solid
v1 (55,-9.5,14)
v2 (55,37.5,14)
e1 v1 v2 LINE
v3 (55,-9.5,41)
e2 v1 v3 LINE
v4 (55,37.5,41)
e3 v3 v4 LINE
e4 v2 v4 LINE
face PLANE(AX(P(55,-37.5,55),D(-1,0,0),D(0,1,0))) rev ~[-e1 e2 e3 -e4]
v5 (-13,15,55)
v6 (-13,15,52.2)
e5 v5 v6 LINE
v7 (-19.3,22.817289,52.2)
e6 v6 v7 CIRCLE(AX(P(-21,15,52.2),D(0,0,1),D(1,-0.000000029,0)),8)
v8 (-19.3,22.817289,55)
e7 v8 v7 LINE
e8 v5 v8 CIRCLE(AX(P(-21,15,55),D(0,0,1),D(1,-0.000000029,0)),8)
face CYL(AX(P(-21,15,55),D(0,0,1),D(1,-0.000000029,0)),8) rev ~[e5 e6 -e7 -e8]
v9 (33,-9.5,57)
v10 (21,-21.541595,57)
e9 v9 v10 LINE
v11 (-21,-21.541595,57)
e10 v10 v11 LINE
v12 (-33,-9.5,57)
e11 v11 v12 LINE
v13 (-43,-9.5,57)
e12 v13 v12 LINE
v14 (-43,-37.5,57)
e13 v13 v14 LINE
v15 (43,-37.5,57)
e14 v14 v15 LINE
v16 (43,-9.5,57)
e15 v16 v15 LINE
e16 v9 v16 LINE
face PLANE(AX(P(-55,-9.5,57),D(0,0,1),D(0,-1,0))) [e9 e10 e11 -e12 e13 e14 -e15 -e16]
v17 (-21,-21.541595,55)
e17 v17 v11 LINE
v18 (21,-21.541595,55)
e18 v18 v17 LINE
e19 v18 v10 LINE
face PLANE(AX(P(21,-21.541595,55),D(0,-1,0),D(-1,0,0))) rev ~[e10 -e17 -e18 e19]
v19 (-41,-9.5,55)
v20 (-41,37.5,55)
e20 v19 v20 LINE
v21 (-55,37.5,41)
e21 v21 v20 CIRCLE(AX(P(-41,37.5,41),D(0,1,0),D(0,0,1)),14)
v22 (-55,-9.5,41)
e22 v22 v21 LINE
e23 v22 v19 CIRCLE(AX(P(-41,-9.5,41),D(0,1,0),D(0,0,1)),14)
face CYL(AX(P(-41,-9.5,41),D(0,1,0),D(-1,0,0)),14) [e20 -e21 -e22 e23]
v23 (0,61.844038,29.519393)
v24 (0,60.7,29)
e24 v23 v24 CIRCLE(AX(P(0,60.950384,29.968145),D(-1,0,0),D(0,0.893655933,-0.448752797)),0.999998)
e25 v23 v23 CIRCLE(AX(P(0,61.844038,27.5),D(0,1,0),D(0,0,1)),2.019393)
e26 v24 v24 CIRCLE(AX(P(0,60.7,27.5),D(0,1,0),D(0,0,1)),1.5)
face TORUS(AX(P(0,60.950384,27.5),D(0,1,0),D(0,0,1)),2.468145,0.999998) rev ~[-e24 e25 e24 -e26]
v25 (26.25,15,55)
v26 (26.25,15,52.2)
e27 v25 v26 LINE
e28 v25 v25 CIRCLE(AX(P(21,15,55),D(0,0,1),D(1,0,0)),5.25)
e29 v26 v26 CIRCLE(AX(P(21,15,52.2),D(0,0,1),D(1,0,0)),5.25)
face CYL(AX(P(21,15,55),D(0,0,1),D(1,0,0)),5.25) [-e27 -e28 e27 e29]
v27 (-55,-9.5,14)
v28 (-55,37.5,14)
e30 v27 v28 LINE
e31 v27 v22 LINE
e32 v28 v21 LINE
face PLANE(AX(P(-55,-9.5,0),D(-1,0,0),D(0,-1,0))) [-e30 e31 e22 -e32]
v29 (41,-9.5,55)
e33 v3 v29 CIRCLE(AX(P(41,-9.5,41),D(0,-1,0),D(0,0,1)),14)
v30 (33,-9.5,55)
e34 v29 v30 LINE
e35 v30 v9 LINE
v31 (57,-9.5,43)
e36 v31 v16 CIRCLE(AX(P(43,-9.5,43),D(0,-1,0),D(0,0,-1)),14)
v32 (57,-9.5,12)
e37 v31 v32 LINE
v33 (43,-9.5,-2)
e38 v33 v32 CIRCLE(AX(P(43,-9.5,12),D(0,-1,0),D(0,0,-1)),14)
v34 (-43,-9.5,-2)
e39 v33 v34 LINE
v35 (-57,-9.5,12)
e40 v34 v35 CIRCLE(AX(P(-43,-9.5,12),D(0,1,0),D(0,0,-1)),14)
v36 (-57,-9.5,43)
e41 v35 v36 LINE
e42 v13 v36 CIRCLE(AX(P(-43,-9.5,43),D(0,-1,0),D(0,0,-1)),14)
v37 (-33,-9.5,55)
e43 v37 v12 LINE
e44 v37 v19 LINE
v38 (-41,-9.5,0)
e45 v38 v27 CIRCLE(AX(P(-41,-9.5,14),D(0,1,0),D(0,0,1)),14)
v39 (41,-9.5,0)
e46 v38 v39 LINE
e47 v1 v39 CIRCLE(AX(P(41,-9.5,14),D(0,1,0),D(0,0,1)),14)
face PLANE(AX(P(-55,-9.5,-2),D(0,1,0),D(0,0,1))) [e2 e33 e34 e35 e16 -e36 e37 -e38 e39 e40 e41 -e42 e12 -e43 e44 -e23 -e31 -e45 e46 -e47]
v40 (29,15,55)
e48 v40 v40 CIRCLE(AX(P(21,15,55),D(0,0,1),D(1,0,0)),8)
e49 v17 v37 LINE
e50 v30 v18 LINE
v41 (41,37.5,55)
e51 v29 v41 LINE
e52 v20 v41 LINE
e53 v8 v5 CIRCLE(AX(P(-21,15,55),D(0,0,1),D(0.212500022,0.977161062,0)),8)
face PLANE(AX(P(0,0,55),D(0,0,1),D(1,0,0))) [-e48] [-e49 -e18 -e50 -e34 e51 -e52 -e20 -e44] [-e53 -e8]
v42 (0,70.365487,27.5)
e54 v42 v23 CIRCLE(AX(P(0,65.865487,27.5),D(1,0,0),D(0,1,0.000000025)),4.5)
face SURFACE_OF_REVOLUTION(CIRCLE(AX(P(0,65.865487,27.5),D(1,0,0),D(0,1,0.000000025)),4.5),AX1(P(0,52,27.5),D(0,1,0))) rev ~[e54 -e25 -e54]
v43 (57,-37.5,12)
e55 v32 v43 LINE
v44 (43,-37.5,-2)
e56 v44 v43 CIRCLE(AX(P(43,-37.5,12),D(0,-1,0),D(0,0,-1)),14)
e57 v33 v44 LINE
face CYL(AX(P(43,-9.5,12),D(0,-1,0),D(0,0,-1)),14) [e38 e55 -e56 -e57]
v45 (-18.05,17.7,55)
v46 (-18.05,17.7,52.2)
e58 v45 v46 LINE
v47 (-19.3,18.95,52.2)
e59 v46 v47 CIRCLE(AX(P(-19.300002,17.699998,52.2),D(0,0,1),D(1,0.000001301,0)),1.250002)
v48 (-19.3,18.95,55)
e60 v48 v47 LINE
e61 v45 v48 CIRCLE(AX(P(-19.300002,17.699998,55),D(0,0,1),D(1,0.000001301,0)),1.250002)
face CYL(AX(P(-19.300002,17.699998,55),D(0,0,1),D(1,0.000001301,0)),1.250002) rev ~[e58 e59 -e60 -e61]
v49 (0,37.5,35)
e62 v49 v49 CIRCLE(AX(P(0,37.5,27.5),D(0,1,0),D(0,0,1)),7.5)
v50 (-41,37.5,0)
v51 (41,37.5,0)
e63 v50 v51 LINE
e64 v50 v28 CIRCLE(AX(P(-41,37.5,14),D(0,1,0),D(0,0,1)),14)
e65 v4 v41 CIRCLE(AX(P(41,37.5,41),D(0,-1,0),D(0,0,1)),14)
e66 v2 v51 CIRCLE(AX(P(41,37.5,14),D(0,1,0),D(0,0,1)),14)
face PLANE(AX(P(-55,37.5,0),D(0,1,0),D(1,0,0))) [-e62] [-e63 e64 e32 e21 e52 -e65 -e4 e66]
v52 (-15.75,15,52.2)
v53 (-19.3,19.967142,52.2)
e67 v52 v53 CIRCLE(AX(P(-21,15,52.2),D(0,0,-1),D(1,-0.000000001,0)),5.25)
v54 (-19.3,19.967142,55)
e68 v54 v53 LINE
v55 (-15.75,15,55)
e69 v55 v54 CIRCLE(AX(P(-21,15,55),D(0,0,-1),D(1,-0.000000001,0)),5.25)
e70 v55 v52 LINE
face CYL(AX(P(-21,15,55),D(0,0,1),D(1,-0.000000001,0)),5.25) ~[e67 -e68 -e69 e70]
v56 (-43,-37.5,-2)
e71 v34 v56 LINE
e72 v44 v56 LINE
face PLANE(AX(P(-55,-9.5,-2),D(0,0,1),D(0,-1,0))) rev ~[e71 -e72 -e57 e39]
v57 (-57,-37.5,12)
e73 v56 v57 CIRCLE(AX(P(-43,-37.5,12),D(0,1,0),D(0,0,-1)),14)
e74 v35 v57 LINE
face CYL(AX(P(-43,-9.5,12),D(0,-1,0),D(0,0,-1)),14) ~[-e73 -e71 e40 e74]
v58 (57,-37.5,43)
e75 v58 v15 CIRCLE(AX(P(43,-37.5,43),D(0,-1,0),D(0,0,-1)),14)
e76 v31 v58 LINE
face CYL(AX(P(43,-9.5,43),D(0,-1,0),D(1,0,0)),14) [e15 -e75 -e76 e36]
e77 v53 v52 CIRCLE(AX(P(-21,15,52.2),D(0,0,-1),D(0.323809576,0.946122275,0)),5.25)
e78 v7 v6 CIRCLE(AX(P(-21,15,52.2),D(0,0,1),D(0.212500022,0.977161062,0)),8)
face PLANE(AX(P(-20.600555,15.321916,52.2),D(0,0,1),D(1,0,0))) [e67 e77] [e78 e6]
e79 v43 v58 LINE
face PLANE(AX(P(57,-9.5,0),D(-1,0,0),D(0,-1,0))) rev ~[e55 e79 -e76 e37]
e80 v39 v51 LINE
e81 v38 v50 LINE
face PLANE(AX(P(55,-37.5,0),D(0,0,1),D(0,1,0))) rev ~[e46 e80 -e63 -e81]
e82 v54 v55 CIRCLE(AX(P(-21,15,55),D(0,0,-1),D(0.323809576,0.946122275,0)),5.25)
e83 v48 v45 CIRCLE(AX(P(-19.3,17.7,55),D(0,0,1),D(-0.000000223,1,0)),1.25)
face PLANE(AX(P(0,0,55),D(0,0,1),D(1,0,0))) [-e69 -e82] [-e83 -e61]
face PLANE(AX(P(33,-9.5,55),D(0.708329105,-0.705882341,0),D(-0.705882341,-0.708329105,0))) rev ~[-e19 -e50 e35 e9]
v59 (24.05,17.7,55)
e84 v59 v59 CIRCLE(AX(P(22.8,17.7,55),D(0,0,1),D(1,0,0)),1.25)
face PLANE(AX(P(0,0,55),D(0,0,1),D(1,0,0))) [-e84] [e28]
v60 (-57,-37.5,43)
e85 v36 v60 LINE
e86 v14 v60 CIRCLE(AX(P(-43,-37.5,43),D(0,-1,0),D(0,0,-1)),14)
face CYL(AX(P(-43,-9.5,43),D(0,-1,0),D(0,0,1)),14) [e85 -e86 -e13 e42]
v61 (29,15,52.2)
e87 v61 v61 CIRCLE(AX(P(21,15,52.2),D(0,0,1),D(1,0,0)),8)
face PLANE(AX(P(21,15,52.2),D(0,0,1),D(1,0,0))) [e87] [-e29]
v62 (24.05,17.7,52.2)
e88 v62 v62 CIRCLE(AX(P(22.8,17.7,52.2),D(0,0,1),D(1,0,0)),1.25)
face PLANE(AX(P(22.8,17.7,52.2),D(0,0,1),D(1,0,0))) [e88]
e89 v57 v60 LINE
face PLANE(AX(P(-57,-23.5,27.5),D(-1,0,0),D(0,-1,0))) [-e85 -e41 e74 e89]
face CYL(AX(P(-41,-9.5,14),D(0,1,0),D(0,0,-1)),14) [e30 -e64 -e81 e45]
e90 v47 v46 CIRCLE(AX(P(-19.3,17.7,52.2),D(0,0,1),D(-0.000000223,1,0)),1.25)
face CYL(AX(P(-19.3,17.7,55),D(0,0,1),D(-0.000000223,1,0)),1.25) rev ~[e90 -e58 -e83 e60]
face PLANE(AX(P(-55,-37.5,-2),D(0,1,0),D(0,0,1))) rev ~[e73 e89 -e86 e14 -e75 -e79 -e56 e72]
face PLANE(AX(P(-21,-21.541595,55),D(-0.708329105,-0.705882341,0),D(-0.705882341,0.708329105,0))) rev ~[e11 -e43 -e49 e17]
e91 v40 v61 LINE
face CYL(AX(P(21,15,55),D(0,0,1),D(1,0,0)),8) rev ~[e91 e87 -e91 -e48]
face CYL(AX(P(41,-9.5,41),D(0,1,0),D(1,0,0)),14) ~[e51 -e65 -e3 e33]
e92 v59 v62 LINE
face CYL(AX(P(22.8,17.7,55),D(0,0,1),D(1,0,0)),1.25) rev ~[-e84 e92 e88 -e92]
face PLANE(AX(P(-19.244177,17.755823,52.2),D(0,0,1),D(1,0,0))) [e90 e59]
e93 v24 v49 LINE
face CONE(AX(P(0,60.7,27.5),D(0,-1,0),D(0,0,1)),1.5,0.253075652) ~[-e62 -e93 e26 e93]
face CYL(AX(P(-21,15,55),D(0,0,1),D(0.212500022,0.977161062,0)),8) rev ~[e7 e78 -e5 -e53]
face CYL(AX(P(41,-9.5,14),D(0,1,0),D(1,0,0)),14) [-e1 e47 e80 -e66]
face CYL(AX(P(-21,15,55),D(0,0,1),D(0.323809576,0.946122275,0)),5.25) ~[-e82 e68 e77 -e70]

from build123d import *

# Parameters (mm, degrees)
F0_W      = 110
F0_H      = 75
F1_DEPTH  = 55
F3_DEPTH  = 2
F5_DEPTH  = 2
F6_W      = 112
F6_H      = 28
F7_DEPTH  = 2
F8_W      = 28
F8_H      = 59
F9_DEPTH  = 2
F10_R     = 14
F11_R     = 8
F11_R_2   = 5.25
F11_R_3   = 1.25
F12_DEPTH = 2.8


with BuildPart() as f1:
    # F0 (on Top) → F1 (new body)
    with BuildSketch(Plane.XY):
        Rectangle(F0_W, F0_H)
    extrude(amount=F1_DEPTH)

    # F2 (on face) → F3 (join)
    with BuildSketch(Plane.XY.offset(55)):
        Polygon((0, -21.541595), (0, -37.5), (55, -37.5), (55, -9.5), (33, -9.5), (21, -21.541595), align=None)
        Polygon((-33, -9.5), (-55, -9.5), (-55, -37.5), (0, -37.5), (0, -21.541595), (-21, -21.541595), align=None)
    extrude(amount=F3_DEPTH)

    # F4 (on face) → F5 (join)
    with BuildSketch(Plane.YZ.offset(55)):
        Polygon((-9.5, 0), (-9.5, 55), (-9.5, 57), (-37.5, 57), (-37.5, 0), align=None)
    extrude(amount=F5_DEPTH)

    # F6 (on face) → F7 (join)
    with BuildSketch(Plane(origin=(0, 0, 0), x_dir=(1, 0, 0), z_dir=(0, 0, -1))):
        with Locations((1, 23.5)):
            Rectangle(F6_W, F6_H)
    extrude(amount=F7_DEPTH)

    # F8 (on face) → F9 (join)
    with BuildSketch(Plane(origin=(-55, 0, 0), x_dir=(0, -1, 0), z_dir=(-1, 0, 0))):
        with Locations((23.5, 27.5)):
            Rectangle(F8_W, F8_H)
    extrude(amount=F9_DEPTH)

    # F10
    f10_edges = [f1.edges().sort_by_distance(p)[0] for p in [
        (-57, -23.5, 57),
        (-55, 14, 55),
        (57, -23.5, 57),
        (55, 14, 55),
        (57, -23.5, -2),
        (55, 14, 0),
        (-55, 14, 0),
        (-57, -23.5, -2),
    ]]
    fillet(f10_edges, radius=F10_R)

    # F11 (on face) → F12 (cut)
    with BuildSketch(Plane.XY.offset(55)):
        with BuildLine():
            ThreePointArc((-19.3, 22.817289), (-27.228965, 9.98004), (-13, 15))
            ThreePointArc((-13, 15), (-14.771035, 20.01996), (-19.3, 22.817289))
        make_face()
        with BuildLine():
            ThreePointArc((-15.75, 15), (-25.27127, 11.947337), (-19.3, 19.967142))
            ThreePointArc((-19.3, 19.967142), (-16.72873, 18.052663), (-15.75, 15))
        make_face(mode=Mode.SUBTRACT)
        with BuildLine():
            ThreePointArc((-18.05, 17.7), (-18.416117, 18.583883), (-19.3, 18.95))
            ThreePointArc((-19.3, 18.95), (-20.183883, 16.816117), (-18.05, 17.7))
        make_face()
        with Locations((21, 15)):
            Circle(F11_R)
        with Locations((21, 15)):
            Circle(F11_R_2, mode=Mode.SUBTRACT)
        with Locations((22.8, 17.7)):
            Circle(F11_R_3)
    extrude(amount=-F12_DEPTH, mode=Mode.SUBTRACT)

    # F13 (on Right) → F14 (revolve)
    with BuildSketch(Plane.YZ):
        with BuildLine():
            Line((37.5, 35), (37.5, 27.5))
            Line((37.5, 27.5), (61.365487, 27.5))
            Line((61.365487, 27.5), (66.5, 27.5))
            Line((66.5, 27.5), (70.365487, 27.5))
            ThreePointArc((70.365487, 27.5), (66.903148, 31.878728), (61.844038, 29.519393))
            ThreePointArc((61.844038, 29.519393), (61.363774, 29.057593), (60.7, 29))
            Line((60.7, 29), (37.5, 35))
        make_face()
    revolve(axis=Axis((0, 52, 27.5), (0, 1, 0)))


solid = f1.part
